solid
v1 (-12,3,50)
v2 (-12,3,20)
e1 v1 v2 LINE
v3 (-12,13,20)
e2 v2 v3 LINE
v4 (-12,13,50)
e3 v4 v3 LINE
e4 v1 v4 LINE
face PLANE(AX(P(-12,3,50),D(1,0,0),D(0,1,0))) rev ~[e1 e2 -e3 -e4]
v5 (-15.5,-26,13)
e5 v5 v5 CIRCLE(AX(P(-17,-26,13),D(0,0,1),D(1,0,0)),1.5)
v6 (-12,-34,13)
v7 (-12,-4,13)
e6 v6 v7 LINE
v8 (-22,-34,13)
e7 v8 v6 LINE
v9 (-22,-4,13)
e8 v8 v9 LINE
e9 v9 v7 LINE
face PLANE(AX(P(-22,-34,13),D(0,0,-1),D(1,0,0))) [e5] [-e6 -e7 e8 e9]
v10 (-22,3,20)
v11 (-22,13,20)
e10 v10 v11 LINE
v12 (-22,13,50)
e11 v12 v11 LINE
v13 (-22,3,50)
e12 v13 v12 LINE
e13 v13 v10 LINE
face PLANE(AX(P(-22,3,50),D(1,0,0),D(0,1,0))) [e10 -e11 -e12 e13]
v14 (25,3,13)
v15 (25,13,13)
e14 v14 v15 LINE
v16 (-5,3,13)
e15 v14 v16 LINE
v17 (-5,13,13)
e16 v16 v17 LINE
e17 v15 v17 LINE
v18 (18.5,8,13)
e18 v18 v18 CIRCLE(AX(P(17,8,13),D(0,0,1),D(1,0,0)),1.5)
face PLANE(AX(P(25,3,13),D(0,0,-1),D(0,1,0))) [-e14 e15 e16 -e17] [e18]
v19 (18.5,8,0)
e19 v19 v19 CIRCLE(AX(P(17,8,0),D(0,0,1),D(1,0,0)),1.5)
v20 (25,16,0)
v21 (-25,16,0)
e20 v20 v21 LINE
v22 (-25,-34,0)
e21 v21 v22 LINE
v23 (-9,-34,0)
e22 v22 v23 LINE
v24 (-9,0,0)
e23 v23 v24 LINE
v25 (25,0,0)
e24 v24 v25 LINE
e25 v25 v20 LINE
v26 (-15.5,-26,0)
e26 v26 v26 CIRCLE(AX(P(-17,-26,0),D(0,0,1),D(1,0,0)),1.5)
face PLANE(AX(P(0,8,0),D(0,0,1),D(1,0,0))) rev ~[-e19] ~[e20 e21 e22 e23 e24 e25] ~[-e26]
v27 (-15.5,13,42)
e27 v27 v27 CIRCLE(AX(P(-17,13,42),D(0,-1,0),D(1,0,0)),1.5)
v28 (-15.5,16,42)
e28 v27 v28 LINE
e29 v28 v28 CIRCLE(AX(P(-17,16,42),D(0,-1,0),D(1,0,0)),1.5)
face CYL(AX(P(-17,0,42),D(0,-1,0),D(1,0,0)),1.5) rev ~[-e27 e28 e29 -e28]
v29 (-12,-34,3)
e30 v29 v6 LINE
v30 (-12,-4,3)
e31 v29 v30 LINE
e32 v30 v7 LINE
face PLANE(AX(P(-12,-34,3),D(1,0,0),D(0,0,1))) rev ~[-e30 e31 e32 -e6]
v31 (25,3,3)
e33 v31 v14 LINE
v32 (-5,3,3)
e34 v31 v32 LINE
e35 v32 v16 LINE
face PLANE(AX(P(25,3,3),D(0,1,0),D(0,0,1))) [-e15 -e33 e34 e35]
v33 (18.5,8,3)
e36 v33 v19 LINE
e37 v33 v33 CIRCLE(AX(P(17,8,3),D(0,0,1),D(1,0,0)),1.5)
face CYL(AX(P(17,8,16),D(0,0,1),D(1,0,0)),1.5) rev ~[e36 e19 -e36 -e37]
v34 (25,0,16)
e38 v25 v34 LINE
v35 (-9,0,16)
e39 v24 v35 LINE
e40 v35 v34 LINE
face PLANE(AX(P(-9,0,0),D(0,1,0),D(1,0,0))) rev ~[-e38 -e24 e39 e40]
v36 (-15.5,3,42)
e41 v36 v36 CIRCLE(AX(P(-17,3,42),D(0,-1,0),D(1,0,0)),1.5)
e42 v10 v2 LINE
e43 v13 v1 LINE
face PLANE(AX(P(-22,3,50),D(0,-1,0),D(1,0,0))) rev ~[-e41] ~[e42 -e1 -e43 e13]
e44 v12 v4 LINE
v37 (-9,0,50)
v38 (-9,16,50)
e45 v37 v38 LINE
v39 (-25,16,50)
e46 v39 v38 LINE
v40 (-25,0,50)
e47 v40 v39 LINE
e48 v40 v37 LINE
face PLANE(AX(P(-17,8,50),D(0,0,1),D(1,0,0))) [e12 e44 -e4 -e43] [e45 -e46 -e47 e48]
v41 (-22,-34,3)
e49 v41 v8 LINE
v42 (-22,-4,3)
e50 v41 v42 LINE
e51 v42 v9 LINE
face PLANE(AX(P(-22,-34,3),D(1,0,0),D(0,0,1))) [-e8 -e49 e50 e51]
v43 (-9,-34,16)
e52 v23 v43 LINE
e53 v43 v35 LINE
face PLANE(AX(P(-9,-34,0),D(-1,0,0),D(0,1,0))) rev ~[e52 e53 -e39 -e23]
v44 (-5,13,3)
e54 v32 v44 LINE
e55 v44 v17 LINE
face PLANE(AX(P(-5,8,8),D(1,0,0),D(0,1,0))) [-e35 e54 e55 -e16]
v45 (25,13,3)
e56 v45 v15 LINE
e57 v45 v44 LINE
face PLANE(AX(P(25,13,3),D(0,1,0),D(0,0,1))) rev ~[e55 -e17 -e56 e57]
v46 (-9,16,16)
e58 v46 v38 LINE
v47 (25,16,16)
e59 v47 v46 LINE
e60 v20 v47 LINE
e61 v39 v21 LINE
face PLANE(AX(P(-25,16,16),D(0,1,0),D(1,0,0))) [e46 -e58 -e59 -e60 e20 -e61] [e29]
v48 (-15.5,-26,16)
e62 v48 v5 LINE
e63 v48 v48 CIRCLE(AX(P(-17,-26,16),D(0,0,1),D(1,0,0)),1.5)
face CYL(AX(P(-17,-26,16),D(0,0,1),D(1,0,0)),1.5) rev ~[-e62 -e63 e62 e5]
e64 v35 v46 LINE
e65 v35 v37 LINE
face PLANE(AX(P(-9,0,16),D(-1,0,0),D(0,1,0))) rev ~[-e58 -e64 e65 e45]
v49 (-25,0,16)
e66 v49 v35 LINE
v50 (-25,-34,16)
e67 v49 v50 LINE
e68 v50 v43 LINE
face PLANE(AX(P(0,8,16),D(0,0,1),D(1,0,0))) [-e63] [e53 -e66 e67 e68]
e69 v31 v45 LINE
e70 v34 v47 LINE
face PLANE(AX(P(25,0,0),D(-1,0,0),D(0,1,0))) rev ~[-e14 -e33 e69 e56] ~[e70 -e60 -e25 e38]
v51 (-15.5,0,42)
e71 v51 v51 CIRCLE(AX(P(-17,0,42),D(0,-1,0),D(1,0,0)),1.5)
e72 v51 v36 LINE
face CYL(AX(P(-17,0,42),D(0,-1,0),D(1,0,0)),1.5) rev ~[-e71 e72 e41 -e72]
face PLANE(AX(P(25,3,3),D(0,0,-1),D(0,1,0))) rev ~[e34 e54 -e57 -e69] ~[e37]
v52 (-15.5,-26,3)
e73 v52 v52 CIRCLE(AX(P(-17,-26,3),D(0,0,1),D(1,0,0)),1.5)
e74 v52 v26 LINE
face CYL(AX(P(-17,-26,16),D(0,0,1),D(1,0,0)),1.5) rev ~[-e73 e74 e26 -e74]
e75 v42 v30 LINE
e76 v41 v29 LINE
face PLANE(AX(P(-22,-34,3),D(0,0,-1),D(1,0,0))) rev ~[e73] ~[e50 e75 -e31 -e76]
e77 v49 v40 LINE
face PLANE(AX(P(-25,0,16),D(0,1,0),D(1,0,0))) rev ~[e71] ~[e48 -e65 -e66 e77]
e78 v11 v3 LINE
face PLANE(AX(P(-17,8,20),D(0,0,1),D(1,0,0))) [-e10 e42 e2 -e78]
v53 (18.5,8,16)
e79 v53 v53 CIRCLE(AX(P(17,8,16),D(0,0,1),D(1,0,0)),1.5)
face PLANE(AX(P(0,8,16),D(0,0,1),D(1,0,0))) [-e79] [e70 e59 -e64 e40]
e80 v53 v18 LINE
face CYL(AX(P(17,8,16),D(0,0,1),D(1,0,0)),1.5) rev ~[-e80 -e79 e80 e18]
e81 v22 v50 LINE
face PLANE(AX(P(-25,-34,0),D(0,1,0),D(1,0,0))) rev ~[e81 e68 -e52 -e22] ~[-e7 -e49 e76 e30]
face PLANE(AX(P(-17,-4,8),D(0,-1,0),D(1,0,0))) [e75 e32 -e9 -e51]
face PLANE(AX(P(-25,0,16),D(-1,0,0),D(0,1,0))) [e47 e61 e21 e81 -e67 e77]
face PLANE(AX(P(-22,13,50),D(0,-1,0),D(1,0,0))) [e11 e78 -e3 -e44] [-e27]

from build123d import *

# Parameters (mm, degrees)
F0_W      = 16
F0_H      = 34
F1_DEPTH  = 16
F2_W      = 10
F2_H      = 10
F3_DEPTH  = 30
F4_W      = 10
F4_H      = 10
F5_DEPTH  = 30
F6_R      = 1.5
F7_DEPTH  = 16
F8_W      = 16
F8_H      = 16
F9_DEPTH  = 34
F10_W     = 10
F10_H     = 10
F11_DEPTH = 30
F12_R     = 1.5
F13_DEPTH = 16


with BuildPart() as f1:
    # F0 (on Top) → F1 (new body)
    with BuildSketch(Plane.XY):
        Polygon((25, 16), (-25, 16), (-25, 0), (-9, 0), (25, 0), align=None)
        with Locations((-17, -17)):
            Rectangle(F0_W, F0_H)
    extrude(amount=F1_DEPTH)

    # F2 (on face) → F3 (cut)
    with BuildSketch(Plane.YZ.offset(25)):
        with Locations((8, 8)):
            Rectangle(F2_W, F2_H)
    extrude(amount=-F3_DEPTH, mode=Mode.SUBTRACT)

    # F4 (on face) → F5 (cut)
    with BuildSketch(Plane.XZ.offset(34)):
        with Locations((-17, 8)):
            Rectangle(F4_W, F4_H)
    extrude(amount=-F5_DEPTH, mode=Mode.SUBTRACT)

    # F6 (on face) → F7 (cut)
    with BuildSketch(Plane.XY.offset(16)):
        with Locations((-17, -26)):
            Circle(F6_R)
        with Locations((17, 8)):
            Circle(F6_R)
    extrude(amount=-F7_DEPTH, mode=Mode.SUBTRACT)

    # F8 (on face) → F9 (join)
    with BuildSketch(Plane.XY.offset(16)):
        with Locations((-17, 8)):
            Rectangle(F8_W, F8_H)
    extrude(amount=F9_DEPTH)

    # F10 (on face) → F11 (cut)
    with BuildSketch(Plane.XY.offset(50)):
        with Locations((-17, 8)):
            Rectangle(F10_W, F10_H)
    extrude(amount=-F11_DEPTH, mode=Mode.SUBTRACT)

    # F12 (on face) → F13 (cut)
    with BuildSketch(Plane.XZ):
        with Locations((-17, 42)):
            Circle(F12_R)
    extrude(amount=-F13_DEPTH, mode=Mode.SUBTRACT)


solid = f1.part
